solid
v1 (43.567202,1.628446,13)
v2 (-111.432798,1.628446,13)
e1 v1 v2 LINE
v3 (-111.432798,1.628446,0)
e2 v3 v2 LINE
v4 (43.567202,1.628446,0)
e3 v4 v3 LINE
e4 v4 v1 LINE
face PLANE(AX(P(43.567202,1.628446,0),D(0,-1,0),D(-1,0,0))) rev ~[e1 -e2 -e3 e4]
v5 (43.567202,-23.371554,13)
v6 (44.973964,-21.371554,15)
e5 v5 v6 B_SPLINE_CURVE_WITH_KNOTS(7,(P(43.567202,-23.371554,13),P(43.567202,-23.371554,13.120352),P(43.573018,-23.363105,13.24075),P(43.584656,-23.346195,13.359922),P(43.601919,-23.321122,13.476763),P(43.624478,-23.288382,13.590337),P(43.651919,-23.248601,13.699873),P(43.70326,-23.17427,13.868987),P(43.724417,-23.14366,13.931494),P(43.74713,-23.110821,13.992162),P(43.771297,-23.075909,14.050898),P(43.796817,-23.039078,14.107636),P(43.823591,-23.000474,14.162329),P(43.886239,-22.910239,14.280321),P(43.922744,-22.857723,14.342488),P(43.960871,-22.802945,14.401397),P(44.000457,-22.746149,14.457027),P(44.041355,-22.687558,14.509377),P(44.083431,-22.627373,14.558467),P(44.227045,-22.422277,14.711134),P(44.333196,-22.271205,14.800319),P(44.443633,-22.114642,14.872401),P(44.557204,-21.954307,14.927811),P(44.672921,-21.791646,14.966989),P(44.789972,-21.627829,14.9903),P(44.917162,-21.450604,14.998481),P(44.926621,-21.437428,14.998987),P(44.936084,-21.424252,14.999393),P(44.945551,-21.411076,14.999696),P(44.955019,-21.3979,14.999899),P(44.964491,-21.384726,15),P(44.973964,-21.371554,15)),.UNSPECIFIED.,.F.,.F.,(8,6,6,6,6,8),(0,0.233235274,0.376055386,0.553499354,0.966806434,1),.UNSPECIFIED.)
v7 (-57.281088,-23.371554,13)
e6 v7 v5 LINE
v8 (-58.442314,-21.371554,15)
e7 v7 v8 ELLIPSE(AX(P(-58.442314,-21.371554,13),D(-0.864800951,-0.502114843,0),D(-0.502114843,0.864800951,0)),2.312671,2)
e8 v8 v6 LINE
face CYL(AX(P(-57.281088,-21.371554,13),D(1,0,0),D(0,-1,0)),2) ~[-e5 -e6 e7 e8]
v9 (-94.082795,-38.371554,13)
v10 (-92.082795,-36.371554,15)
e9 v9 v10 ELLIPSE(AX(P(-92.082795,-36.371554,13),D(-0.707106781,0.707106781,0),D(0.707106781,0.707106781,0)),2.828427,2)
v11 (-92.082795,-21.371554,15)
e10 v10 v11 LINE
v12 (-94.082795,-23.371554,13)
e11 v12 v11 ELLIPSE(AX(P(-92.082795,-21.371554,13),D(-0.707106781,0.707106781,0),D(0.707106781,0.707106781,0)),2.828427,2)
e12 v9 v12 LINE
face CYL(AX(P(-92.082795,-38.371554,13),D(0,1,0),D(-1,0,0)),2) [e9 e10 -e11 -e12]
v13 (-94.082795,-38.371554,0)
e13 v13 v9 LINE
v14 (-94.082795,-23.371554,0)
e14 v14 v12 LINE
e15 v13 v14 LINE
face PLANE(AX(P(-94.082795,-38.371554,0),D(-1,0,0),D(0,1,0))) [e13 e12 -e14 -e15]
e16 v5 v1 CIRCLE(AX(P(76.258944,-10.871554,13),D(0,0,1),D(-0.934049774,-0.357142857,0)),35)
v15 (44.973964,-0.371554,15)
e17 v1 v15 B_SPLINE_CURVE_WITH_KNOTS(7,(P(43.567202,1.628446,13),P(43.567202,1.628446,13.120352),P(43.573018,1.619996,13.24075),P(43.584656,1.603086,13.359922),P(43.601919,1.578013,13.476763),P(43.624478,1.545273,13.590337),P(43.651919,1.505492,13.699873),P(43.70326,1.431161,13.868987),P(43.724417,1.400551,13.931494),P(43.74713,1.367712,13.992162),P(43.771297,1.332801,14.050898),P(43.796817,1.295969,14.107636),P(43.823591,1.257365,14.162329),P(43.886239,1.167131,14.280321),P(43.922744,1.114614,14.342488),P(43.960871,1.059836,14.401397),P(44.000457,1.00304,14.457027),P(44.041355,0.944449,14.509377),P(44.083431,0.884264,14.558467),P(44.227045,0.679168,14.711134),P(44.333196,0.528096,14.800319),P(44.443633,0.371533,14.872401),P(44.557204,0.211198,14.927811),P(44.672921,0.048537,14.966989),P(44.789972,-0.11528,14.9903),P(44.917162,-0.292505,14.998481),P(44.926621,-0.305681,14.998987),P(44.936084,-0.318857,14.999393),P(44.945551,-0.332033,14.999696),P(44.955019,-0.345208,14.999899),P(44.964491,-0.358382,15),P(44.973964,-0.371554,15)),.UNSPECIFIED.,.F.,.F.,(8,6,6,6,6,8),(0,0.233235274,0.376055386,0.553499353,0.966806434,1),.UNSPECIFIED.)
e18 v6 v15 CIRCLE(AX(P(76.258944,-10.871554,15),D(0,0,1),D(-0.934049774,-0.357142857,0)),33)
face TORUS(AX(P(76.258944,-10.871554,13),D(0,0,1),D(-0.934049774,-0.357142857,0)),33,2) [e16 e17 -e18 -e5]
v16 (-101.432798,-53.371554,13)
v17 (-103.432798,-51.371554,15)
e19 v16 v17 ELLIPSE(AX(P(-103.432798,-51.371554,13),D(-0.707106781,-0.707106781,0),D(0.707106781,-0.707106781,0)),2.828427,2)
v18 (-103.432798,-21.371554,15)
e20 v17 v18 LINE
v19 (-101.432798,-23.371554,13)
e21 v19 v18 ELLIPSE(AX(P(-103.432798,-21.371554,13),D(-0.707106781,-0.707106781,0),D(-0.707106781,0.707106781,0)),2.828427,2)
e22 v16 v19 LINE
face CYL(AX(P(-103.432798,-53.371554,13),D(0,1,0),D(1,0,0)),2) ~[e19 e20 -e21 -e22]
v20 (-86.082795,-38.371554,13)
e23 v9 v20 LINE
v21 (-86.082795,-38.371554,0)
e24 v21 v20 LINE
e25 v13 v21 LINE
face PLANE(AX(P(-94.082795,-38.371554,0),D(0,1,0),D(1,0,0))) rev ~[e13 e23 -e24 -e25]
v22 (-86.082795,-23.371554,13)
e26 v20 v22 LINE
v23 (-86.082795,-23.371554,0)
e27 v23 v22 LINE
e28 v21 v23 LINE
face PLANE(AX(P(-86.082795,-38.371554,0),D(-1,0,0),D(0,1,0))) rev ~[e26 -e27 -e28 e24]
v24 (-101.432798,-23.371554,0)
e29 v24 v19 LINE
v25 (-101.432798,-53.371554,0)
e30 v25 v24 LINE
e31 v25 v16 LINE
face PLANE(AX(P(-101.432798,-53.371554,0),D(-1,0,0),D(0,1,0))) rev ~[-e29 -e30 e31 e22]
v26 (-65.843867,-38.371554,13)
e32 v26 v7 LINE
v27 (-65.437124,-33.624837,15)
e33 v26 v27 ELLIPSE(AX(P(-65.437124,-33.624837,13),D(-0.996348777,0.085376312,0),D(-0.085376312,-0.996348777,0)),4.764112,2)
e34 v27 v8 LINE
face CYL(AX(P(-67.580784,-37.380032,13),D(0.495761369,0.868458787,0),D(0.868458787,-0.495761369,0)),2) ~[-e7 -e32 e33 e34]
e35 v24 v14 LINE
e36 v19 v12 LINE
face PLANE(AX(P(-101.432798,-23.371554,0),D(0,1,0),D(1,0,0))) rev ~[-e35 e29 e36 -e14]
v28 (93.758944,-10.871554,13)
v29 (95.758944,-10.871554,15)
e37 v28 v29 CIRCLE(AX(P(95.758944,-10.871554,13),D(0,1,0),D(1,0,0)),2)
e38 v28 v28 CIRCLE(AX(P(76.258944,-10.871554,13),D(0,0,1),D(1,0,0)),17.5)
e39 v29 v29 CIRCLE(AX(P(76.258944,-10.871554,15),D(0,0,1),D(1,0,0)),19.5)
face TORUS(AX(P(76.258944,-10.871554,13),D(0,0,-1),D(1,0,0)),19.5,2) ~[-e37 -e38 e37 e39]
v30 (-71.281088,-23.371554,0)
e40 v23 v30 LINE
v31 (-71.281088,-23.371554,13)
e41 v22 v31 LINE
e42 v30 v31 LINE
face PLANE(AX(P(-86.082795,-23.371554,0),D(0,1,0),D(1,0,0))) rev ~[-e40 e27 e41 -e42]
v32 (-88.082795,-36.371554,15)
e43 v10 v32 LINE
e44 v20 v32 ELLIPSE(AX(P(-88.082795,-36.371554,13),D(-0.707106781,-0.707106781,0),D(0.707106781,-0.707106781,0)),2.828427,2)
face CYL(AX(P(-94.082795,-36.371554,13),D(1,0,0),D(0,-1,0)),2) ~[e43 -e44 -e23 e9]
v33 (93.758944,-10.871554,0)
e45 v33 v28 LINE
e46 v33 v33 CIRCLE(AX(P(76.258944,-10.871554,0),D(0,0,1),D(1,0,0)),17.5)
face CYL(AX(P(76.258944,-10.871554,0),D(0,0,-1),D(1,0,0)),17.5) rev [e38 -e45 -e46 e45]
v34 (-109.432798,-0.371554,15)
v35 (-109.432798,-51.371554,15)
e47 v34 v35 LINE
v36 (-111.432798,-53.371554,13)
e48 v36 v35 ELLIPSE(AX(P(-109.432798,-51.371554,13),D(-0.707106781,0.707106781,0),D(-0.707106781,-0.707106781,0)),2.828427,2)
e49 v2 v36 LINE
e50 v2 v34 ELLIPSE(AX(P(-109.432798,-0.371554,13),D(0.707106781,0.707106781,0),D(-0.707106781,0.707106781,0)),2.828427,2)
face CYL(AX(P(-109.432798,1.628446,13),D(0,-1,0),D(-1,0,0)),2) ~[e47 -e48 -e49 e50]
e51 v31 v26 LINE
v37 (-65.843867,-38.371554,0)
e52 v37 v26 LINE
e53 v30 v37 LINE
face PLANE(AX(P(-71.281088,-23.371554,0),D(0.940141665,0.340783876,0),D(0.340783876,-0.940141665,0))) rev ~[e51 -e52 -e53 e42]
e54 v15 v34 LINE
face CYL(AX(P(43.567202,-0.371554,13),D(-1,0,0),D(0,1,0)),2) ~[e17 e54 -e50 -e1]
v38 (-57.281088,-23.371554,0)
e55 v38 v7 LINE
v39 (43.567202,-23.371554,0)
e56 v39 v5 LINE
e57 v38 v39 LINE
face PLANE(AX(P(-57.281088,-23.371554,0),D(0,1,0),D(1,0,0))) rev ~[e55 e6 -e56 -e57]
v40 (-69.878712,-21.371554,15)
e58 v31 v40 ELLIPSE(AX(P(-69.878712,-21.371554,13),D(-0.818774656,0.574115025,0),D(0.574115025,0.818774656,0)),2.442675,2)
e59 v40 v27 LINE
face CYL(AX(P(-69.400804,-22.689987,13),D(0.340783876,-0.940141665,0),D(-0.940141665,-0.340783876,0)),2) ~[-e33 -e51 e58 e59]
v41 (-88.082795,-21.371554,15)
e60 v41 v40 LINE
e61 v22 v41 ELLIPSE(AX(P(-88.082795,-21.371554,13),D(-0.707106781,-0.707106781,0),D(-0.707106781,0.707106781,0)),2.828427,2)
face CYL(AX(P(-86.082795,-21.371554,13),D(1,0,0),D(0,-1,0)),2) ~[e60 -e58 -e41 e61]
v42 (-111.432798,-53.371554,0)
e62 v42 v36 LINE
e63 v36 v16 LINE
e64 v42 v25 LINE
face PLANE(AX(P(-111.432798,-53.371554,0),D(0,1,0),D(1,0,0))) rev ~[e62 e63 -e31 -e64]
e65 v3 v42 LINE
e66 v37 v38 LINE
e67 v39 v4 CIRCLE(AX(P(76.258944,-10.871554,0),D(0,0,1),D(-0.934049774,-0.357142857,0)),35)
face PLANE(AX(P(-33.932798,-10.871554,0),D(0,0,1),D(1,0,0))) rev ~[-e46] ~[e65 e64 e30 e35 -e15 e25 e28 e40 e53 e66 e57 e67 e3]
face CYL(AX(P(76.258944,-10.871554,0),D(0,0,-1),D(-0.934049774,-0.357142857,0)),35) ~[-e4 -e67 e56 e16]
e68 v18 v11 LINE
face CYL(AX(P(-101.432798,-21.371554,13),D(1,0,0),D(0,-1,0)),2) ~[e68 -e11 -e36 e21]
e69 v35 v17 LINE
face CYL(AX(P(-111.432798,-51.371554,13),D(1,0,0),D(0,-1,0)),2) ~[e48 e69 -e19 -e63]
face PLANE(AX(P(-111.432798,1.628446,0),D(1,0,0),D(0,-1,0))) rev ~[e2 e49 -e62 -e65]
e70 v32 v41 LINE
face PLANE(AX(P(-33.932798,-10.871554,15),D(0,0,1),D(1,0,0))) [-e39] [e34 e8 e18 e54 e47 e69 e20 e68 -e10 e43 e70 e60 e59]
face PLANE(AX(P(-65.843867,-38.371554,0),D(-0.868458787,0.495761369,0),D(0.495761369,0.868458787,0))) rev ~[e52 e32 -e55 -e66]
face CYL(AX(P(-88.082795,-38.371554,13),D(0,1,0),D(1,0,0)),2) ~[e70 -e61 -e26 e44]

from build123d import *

# Parameters (mm, degrees)
F0_R     = 17.5
F0_W     = 10
F0_H     = 30
F0_W_2   = 8
F0_H_2   = 15
F1_DEPTH = 15
F2_R     = 2


with BuildPart() as f1:
    # F0 (on Top) → F1 (new body)
    with BuildSketch(Plane.XY):
        Polygon((43.5672023892, 1.6284456083), (-111.4327976108, 1.6284456083), (-111.4327976108, -23.3715543917), (-101.4327976108, -23.3715543917), (-94.0827950835, -23.3715543917), (-86.0827950835, -23.3715543917), (-71.2810877378, -23.3715543917), (-57.2810877378, -23.3715543917), (43.5672023892, -23.3715543917), align=None)
        with BuildLine():
            ThreePointArc((43.5672023892, -23.3715543917), (111.2589444658, -10.8715543917), (43.5672023892, 1.6284456083))
            Line((43.5672023892, 1.6284456083), (43.5672023892, -23.3715543917))
        make_face()
        with Locations((76.2589444658, -10.8715543917)):
            Circle(F0_R, mode=Mode.SUBTRACT)
        with Locations((-106.4327976108, -38.3715543917)):
            Rectangle(F0_W, F0_H)
        Polygon((-65.8438665987, -38.3715543917), (-57.2810877378, -23.3715543917), (-71.2810877378, -23.3715543917), align=None)
        with Locations((-90.0827950835, -30.8715543917)):
            Rectangle(F0_W_2, F0_H_2)
    extrude(amount=F1_DEPTH)

    # F2
    f2_edges = [f1.edges().sort_by_distance(p)[0] for p in [
        (-33.932798, 1.628446, 15),
        (-111.432798, -25.871554, 15),
        (-106.432798, -53.371554, 15),
        (-101.432798, -38.371554, 15),
        (-97.757796, -23.371554, 15),
        (-94.082795, -30.871554, 15),
        (-90.082795, -38.371554, 15),
        (-86.082795, -30.871554, 15),
        (-78.681941, -23.371554, 15),
        (-68.562477, -30.871554, 15),
        (-61.562477, -30.871554, 15),
        (-6.856943, -23.371554, 15),
        (111.258944, -10.871554, 15),
        (58.758944, -10.871554, 15),
    ]]
    fillet(f2_edges, radius=F2_R)


solid = f1.part
